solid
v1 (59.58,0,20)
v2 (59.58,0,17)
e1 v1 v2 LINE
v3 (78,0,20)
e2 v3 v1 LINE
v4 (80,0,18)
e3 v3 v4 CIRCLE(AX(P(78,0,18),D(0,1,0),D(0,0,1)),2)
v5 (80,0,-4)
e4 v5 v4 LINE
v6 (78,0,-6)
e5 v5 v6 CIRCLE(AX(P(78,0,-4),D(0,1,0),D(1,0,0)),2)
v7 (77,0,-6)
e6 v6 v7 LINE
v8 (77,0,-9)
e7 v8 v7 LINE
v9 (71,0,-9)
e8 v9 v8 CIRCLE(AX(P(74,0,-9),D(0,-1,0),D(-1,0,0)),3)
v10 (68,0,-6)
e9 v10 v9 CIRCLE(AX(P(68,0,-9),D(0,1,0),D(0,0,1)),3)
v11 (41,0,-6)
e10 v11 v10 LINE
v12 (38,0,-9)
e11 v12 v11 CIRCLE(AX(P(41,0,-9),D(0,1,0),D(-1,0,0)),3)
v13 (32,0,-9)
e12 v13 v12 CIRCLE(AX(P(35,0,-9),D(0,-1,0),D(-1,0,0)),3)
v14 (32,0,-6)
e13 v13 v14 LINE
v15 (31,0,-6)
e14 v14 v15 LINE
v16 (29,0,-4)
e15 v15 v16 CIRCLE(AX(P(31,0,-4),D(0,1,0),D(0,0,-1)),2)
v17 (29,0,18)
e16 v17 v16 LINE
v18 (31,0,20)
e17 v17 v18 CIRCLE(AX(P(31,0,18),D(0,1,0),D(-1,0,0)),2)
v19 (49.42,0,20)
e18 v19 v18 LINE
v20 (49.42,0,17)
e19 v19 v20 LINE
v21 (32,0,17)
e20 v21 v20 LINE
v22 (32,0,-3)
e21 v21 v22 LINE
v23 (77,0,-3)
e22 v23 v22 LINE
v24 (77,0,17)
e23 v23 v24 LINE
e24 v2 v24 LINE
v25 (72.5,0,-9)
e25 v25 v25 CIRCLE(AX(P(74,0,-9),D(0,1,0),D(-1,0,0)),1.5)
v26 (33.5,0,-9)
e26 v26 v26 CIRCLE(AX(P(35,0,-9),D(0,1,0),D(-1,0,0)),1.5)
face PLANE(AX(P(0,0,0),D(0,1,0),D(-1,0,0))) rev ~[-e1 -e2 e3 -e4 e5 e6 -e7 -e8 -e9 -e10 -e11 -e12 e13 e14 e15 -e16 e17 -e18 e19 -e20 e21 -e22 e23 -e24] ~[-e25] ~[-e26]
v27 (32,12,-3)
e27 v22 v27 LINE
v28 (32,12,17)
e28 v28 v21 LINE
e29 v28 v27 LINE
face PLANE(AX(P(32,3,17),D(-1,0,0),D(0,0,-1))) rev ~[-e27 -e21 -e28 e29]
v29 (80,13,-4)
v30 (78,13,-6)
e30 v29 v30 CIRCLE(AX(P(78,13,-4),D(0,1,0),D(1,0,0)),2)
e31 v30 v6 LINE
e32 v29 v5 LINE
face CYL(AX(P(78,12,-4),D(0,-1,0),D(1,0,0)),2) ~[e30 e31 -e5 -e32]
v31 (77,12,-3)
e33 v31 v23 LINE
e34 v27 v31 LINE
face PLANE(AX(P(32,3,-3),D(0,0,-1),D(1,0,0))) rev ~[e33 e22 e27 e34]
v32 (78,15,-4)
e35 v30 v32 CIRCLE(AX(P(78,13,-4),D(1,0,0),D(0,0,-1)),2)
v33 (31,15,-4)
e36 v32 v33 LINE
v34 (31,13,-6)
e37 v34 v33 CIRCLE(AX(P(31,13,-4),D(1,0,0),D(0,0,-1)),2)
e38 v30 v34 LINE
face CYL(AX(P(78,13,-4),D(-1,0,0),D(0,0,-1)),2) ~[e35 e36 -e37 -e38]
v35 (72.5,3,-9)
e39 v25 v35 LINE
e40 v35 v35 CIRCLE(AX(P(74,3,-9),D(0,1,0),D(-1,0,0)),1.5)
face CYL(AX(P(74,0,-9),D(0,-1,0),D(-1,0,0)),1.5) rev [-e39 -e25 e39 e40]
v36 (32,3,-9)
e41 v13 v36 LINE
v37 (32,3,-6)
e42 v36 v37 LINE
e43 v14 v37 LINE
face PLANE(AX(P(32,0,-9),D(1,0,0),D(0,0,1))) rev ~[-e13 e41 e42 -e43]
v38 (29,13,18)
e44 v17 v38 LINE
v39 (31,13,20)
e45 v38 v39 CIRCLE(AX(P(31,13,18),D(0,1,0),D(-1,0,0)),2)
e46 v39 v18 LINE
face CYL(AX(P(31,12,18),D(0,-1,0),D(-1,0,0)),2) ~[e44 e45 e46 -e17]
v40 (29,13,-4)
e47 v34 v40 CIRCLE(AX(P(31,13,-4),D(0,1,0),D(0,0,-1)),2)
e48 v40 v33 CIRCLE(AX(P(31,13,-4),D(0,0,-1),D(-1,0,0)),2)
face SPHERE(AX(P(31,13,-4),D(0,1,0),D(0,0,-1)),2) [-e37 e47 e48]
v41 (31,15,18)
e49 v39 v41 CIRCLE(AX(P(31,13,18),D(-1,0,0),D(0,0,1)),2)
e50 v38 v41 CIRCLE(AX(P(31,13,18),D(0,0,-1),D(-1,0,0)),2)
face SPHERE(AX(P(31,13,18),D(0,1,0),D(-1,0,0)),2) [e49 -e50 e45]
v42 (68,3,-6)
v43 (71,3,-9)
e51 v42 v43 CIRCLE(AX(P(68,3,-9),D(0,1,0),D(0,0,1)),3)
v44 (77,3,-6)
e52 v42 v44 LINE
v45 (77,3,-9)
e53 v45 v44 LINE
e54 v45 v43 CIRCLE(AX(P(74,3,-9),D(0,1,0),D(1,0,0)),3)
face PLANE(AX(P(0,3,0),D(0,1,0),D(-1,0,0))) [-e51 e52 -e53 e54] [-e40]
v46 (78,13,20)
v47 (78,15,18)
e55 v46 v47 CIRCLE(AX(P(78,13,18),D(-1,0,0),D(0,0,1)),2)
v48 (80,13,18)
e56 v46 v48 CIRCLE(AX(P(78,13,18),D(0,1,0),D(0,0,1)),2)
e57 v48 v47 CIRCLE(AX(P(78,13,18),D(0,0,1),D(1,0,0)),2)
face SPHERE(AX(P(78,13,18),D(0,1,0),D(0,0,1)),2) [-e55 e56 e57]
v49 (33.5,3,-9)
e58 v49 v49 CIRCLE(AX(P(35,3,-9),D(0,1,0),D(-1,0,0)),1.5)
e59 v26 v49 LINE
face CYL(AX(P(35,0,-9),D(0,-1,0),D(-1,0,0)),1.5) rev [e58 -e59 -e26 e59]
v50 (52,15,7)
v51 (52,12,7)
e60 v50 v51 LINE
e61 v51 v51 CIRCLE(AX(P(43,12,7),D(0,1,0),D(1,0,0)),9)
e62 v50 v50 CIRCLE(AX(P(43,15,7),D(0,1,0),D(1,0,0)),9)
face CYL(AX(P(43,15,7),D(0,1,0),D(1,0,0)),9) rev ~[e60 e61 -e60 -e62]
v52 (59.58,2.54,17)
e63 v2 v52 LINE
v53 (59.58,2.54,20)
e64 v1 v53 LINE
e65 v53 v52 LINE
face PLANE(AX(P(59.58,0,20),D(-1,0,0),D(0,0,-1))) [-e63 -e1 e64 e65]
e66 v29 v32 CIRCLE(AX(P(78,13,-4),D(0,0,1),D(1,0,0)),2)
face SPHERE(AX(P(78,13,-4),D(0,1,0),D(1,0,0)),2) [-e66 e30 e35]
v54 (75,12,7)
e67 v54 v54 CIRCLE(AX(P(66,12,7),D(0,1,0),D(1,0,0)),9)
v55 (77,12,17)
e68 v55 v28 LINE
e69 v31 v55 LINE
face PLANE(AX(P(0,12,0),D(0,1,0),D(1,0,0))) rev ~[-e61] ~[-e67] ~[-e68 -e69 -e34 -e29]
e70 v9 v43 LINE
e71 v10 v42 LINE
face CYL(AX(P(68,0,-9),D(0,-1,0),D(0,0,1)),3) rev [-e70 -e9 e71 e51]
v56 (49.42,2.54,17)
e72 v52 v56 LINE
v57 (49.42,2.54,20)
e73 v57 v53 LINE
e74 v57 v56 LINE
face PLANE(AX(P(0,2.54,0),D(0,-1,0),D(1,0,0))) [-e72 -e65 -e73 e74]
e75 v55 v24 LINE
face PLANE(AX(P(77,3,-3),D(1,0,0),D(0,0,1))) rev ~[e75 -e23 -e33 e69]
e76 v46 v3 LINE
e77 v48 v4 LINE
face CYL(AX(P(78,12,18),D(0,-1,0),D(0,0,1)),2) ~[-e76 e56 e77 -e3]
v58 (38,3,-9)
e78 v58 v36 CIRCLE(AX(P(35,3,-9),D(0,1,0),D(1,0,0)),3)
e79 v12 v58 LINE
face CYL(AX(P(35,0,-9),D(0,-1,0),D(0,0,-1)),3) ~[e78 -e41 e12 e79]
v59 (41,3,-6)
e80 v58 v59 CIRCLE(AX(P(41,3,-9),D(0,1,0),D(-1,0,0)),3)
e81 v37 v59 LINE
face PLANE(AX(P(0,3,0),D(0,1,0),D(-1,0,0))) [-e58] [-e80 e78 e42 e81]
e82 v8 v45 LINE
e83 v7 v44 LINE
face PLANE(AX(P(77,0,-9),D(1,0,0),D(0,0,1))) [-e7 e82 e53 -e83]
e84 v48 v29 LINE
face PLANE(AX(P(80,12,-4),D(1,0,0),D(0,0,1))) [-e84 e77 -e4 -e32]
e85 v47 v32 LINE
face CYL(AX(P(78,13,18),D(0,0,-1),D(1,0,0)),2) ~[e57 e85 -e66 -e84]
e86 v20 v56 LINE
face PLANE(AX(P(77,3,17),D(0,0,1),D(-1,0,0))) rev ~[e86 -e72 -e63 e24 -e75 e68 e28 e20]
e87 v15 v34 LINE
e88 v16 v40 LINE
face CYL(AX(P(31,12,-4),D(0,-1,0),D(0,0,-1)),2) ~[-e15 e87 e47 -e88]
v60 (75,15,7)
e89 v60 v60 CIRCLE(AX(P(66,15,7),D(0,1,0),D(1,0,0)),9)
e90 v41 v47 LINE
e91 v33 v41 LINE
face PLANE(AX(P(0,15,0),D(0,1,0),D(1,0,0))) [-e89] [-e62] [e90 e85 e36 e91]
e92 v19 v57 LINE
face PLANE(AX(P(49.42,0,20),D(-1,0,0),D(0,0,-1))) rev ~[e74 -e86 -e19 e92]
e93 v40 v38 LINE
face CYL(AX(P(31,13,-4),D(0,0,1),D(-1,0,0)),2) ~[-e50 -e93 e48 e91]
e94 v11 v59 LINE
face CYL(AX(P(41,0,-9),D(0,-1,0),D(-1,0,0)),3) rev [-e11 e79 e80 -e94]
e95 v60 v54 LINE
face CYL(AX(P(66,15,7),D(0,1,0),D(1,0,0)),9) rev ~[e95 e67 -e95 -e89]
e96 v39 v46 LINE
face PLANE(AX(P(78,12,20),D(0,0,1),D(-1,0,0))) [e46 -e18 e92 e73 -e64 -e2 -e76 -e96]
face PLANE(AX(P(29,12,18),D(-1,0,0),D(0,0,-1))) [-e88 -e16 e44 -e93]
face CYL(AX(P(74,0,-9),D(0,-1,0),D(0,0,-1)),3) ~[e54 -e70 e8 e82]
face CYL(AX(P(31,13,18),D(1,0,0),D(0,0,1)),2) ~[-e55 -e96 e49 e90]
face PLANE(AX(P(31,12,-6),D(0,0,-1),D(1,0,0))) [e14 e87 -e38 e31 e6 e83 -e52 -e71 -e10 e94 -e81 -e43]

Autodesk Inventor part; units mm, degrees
ref_plane "YZ Plane" through (0, 0, 0) normal (1, 0, 0) x (0, 1, 0)
ref_plane "XZ Plane" through (0, 0, 0) normal (0, 1, 0) x (-1, 0, 0)
ref_plane "XY Plane" through (0, 0, 0) normal (0, 0, 1) x (1, 0, 0)
sketch "Sketch1" plane through (0, 0, 0) normal (0, 1, 0) x (-1, 0, 0)
  line L0 (-77, 17) -> (-32, 17)
  line L1 (-32, 17) -> (-32, -3)
  line L2 (-32, -3) -> (-77, -3)
  line L3 (-77, -3) -> (-77, 17)
  line L4 (-78, 20) -> (-31, 20)
  line L5 (-29, 18) -> (-29, -4)
  line L6 (-41, -6) -> (-68, -6)
  line L7 (-80, -4) -> (-80, 18)
  arc A0 (-78, 20) -> (-80, 18) centre (-78, 18) ccw
  arc A1 (-29, 18) -> (-31, 20) centre (-31, 18) ccw
  arc A2 (-31, -6) -> (-29, -4) centre (-31, -4) ccw
  arc A3 (-80, -4) -> (-78, -6) centre (-78, -4) ccw
  line L8 (-77, -3) -> (-75.5, -3)
  line L9 (-75.5, -3) -> (-75.5, -1.5)
  circle A4 centre (-75.5, -1.5) radius 1
  line L10 (-32, 17) -> (-33.5, 17)
  line L11 (-33.5, 17) -> (-33.5, 15.5)
  circle A5 centre (-33.5, 15.5) radius 1
  line L12 (-49.42, 17) -> (-59.58, 17)
  line L13 (-59.58, 17) -> (-59.58, 14.46)
  line L14 (-59.58, 14.46) -> (-49.42, 14.46)
  line L15 (-49.42, 14.46) -> (-49.42, 17)
  line L16 (-78, -6) -> (-31, -6)
  line L17 (-77, -6) -> (-71, -6)
  line L18 (-71, -9) -> (-71, -9)
  line L19 (-74, -12) -> (-74, -12)
  line L20 (-77, -9) -> (-77, -6)
  line L21 (-32, -6) -> (-38, -6)
  line L22 (-38, -9) -> (-38, -9)
  line L23 (-35, -12) -> (-35, -12)
  line L24 (-32, -9) -> (-32, -6)
  arc A6 (-77, -9) -> (-74, -12) centre (-74, -9) ccw
  arc A7 (-74, -12) -> (-71, -9) centre (-74, -9) ccw
  arc A8 (-68, -6) -> (-71, -9) centre (-68, -9) ccw
  arc A9 (-38, -9) -> (-41, -6) centre (-41, -9) ccw
  arc A10 (-38, -9) -> (-35, -12) centre (-35, -9) ccw
  arc A11 (-35, -12) -> (-32, -9) centre (-35, -9) ccw
  circle A12 centre (-74, -9) radius 1.5
  circle A13 centre (-35, -9) radius 1.5
  line L25 (-77, -6) -> (-68, -6)
  line L26 (-41, -6) -> (-32, -6)
  point P0 (0, 0)
  point P1 (-38, -12)
  dimension "d44" = 45
  dimension "d45" = 20
  dimension "d46" = 2
  dimension "d47" = 1.5
  dimension "d48" = 1.5
  dimension "d49" = 2
  dimension "d50" = 1.5
  dimension "d51" = 1.5
  dimension "d52" = 2
  dimension "d53" = 10.16
  dimension "d54" = 2.54
  dimension "d55" = 3
  dimension "d56" = 3
  dimension "d57" = 3
extrude "Extrusion1" add sketch "Sketch1" along normal blind 3 contours L4 A1 L5 A2 L16 L6 A3 L7 A0 | L16 A8 A7 A6 L20 | L24 A11 A10 A9 L16
sketch "Sketch2" plane through (0, 3, 0) normal (0, 1, 0) x (1, 0, 0)
  line L0 (32, 3) -> (77, 3) projected
  line L1 (77, -17) -> (32, -17) projected
  line L2 (32, 3) -> (77, 3)
  line L3 (77, 3) -> (77, -17)
  line L4 (77, -17) -> (32, -17)
  line L5 (32, -17) -> (32, 3)
  line L6 (31, 6) -> (78, 6)
  line L7 (80, 4) -> (80, -18)
  line L8 (78, -20) -> (31, -20)
  line L9 (29, -18) -> (29, 4)
  arc A0 (31, 6) -> (29, 4) centre (31, 4) ccw
  arc A1 (80, 4) -> (78, 6) centre (78, 4) ccw
  arc A2 (78, -20) -> (80, -18) centre (78, -18) ccw
  arc A3 (29, -18) -> (31, -20) centre (31, -18) ccw
  point P0 (0, 0)
  dimension "d60" = 2
extrude "Extrusion2" add sketch "Sketch2" along normal blind 9
sketch "Sketch3" plane through (0, 12, 0) normal (0, 1, 0) x (1, 0, 0)
  line L0 (31, 6) -> (78, 6)
  line L1 (80, 4) -> (80, -18)
  line L2 (78, -20) -> (31, -20)
  line L3 (29, -18) -> (29, 4)
  arc A0 (31, 6) -> (29, 4) centre (31, 4) ccw
  arc A1 (80, 4) -> (78, 6) centre (78, 4) ccw
  arc A2 (78, -20) -> (80, -18) centre (78, -18) ccw
  arc A3 (29, -18) -> (31, -20) centre (31, -18) ccw
  point P0 (0, 0)
  dimension "d63" = 2
extrude "Extrusion3" add sketch "Sketch3" along normal blind 3
fillet "Fillet1" radius 2 8 edges at (29.5858, 15, -5.4142) (29, 15, 7) (29.5858, 15, 19.4142) (54.5, 15, 20) (79.4142, 15, 19.4142) (80, 15, 7) (79.4142, 15, -5.4142) (54.5, 15, -6)
sketch "Sketch4" plane through (0, 0, 0) normal (0, -1, 0) x (1, 0, 0)
  line L0 (31, 20) -> (78, 20) projected
  line L1 (54.5, 20) -> (49.42, 20)
  line L2 (49.42, 20) -> (59.58, 20)
  line L3 (59.58, 20) -> (59.58, 17)
  line L4 (77, 17) -> (32, 17) projected
  line L5 (49.42, 20) -> (49.42, 17)
  line L6 (49.42, 17) -> (59.58, 17)
  point P0 (0, 0)
  dimension "d67" = 5.08
  dimension "d68" = 10.16
extrude "Extrusion4" cut sketch "Sketch4" against normal blind 2.54
sketch "Sketch5" plane through (0, 15, 0) normal (0, 1, 0) x (1, 0, 0)
  line L0 (78, -18) -> (31, -18) projected
  line L1 (31, 4) -> (78, 4) projected
  circle A0 centre (43, -7) radius 9
  circle A1 centre (66, -7) radius 9
  point P0 (0, 0)
extrude "Extrusion5" cut sketch "Sketch5" against normal blind 3
